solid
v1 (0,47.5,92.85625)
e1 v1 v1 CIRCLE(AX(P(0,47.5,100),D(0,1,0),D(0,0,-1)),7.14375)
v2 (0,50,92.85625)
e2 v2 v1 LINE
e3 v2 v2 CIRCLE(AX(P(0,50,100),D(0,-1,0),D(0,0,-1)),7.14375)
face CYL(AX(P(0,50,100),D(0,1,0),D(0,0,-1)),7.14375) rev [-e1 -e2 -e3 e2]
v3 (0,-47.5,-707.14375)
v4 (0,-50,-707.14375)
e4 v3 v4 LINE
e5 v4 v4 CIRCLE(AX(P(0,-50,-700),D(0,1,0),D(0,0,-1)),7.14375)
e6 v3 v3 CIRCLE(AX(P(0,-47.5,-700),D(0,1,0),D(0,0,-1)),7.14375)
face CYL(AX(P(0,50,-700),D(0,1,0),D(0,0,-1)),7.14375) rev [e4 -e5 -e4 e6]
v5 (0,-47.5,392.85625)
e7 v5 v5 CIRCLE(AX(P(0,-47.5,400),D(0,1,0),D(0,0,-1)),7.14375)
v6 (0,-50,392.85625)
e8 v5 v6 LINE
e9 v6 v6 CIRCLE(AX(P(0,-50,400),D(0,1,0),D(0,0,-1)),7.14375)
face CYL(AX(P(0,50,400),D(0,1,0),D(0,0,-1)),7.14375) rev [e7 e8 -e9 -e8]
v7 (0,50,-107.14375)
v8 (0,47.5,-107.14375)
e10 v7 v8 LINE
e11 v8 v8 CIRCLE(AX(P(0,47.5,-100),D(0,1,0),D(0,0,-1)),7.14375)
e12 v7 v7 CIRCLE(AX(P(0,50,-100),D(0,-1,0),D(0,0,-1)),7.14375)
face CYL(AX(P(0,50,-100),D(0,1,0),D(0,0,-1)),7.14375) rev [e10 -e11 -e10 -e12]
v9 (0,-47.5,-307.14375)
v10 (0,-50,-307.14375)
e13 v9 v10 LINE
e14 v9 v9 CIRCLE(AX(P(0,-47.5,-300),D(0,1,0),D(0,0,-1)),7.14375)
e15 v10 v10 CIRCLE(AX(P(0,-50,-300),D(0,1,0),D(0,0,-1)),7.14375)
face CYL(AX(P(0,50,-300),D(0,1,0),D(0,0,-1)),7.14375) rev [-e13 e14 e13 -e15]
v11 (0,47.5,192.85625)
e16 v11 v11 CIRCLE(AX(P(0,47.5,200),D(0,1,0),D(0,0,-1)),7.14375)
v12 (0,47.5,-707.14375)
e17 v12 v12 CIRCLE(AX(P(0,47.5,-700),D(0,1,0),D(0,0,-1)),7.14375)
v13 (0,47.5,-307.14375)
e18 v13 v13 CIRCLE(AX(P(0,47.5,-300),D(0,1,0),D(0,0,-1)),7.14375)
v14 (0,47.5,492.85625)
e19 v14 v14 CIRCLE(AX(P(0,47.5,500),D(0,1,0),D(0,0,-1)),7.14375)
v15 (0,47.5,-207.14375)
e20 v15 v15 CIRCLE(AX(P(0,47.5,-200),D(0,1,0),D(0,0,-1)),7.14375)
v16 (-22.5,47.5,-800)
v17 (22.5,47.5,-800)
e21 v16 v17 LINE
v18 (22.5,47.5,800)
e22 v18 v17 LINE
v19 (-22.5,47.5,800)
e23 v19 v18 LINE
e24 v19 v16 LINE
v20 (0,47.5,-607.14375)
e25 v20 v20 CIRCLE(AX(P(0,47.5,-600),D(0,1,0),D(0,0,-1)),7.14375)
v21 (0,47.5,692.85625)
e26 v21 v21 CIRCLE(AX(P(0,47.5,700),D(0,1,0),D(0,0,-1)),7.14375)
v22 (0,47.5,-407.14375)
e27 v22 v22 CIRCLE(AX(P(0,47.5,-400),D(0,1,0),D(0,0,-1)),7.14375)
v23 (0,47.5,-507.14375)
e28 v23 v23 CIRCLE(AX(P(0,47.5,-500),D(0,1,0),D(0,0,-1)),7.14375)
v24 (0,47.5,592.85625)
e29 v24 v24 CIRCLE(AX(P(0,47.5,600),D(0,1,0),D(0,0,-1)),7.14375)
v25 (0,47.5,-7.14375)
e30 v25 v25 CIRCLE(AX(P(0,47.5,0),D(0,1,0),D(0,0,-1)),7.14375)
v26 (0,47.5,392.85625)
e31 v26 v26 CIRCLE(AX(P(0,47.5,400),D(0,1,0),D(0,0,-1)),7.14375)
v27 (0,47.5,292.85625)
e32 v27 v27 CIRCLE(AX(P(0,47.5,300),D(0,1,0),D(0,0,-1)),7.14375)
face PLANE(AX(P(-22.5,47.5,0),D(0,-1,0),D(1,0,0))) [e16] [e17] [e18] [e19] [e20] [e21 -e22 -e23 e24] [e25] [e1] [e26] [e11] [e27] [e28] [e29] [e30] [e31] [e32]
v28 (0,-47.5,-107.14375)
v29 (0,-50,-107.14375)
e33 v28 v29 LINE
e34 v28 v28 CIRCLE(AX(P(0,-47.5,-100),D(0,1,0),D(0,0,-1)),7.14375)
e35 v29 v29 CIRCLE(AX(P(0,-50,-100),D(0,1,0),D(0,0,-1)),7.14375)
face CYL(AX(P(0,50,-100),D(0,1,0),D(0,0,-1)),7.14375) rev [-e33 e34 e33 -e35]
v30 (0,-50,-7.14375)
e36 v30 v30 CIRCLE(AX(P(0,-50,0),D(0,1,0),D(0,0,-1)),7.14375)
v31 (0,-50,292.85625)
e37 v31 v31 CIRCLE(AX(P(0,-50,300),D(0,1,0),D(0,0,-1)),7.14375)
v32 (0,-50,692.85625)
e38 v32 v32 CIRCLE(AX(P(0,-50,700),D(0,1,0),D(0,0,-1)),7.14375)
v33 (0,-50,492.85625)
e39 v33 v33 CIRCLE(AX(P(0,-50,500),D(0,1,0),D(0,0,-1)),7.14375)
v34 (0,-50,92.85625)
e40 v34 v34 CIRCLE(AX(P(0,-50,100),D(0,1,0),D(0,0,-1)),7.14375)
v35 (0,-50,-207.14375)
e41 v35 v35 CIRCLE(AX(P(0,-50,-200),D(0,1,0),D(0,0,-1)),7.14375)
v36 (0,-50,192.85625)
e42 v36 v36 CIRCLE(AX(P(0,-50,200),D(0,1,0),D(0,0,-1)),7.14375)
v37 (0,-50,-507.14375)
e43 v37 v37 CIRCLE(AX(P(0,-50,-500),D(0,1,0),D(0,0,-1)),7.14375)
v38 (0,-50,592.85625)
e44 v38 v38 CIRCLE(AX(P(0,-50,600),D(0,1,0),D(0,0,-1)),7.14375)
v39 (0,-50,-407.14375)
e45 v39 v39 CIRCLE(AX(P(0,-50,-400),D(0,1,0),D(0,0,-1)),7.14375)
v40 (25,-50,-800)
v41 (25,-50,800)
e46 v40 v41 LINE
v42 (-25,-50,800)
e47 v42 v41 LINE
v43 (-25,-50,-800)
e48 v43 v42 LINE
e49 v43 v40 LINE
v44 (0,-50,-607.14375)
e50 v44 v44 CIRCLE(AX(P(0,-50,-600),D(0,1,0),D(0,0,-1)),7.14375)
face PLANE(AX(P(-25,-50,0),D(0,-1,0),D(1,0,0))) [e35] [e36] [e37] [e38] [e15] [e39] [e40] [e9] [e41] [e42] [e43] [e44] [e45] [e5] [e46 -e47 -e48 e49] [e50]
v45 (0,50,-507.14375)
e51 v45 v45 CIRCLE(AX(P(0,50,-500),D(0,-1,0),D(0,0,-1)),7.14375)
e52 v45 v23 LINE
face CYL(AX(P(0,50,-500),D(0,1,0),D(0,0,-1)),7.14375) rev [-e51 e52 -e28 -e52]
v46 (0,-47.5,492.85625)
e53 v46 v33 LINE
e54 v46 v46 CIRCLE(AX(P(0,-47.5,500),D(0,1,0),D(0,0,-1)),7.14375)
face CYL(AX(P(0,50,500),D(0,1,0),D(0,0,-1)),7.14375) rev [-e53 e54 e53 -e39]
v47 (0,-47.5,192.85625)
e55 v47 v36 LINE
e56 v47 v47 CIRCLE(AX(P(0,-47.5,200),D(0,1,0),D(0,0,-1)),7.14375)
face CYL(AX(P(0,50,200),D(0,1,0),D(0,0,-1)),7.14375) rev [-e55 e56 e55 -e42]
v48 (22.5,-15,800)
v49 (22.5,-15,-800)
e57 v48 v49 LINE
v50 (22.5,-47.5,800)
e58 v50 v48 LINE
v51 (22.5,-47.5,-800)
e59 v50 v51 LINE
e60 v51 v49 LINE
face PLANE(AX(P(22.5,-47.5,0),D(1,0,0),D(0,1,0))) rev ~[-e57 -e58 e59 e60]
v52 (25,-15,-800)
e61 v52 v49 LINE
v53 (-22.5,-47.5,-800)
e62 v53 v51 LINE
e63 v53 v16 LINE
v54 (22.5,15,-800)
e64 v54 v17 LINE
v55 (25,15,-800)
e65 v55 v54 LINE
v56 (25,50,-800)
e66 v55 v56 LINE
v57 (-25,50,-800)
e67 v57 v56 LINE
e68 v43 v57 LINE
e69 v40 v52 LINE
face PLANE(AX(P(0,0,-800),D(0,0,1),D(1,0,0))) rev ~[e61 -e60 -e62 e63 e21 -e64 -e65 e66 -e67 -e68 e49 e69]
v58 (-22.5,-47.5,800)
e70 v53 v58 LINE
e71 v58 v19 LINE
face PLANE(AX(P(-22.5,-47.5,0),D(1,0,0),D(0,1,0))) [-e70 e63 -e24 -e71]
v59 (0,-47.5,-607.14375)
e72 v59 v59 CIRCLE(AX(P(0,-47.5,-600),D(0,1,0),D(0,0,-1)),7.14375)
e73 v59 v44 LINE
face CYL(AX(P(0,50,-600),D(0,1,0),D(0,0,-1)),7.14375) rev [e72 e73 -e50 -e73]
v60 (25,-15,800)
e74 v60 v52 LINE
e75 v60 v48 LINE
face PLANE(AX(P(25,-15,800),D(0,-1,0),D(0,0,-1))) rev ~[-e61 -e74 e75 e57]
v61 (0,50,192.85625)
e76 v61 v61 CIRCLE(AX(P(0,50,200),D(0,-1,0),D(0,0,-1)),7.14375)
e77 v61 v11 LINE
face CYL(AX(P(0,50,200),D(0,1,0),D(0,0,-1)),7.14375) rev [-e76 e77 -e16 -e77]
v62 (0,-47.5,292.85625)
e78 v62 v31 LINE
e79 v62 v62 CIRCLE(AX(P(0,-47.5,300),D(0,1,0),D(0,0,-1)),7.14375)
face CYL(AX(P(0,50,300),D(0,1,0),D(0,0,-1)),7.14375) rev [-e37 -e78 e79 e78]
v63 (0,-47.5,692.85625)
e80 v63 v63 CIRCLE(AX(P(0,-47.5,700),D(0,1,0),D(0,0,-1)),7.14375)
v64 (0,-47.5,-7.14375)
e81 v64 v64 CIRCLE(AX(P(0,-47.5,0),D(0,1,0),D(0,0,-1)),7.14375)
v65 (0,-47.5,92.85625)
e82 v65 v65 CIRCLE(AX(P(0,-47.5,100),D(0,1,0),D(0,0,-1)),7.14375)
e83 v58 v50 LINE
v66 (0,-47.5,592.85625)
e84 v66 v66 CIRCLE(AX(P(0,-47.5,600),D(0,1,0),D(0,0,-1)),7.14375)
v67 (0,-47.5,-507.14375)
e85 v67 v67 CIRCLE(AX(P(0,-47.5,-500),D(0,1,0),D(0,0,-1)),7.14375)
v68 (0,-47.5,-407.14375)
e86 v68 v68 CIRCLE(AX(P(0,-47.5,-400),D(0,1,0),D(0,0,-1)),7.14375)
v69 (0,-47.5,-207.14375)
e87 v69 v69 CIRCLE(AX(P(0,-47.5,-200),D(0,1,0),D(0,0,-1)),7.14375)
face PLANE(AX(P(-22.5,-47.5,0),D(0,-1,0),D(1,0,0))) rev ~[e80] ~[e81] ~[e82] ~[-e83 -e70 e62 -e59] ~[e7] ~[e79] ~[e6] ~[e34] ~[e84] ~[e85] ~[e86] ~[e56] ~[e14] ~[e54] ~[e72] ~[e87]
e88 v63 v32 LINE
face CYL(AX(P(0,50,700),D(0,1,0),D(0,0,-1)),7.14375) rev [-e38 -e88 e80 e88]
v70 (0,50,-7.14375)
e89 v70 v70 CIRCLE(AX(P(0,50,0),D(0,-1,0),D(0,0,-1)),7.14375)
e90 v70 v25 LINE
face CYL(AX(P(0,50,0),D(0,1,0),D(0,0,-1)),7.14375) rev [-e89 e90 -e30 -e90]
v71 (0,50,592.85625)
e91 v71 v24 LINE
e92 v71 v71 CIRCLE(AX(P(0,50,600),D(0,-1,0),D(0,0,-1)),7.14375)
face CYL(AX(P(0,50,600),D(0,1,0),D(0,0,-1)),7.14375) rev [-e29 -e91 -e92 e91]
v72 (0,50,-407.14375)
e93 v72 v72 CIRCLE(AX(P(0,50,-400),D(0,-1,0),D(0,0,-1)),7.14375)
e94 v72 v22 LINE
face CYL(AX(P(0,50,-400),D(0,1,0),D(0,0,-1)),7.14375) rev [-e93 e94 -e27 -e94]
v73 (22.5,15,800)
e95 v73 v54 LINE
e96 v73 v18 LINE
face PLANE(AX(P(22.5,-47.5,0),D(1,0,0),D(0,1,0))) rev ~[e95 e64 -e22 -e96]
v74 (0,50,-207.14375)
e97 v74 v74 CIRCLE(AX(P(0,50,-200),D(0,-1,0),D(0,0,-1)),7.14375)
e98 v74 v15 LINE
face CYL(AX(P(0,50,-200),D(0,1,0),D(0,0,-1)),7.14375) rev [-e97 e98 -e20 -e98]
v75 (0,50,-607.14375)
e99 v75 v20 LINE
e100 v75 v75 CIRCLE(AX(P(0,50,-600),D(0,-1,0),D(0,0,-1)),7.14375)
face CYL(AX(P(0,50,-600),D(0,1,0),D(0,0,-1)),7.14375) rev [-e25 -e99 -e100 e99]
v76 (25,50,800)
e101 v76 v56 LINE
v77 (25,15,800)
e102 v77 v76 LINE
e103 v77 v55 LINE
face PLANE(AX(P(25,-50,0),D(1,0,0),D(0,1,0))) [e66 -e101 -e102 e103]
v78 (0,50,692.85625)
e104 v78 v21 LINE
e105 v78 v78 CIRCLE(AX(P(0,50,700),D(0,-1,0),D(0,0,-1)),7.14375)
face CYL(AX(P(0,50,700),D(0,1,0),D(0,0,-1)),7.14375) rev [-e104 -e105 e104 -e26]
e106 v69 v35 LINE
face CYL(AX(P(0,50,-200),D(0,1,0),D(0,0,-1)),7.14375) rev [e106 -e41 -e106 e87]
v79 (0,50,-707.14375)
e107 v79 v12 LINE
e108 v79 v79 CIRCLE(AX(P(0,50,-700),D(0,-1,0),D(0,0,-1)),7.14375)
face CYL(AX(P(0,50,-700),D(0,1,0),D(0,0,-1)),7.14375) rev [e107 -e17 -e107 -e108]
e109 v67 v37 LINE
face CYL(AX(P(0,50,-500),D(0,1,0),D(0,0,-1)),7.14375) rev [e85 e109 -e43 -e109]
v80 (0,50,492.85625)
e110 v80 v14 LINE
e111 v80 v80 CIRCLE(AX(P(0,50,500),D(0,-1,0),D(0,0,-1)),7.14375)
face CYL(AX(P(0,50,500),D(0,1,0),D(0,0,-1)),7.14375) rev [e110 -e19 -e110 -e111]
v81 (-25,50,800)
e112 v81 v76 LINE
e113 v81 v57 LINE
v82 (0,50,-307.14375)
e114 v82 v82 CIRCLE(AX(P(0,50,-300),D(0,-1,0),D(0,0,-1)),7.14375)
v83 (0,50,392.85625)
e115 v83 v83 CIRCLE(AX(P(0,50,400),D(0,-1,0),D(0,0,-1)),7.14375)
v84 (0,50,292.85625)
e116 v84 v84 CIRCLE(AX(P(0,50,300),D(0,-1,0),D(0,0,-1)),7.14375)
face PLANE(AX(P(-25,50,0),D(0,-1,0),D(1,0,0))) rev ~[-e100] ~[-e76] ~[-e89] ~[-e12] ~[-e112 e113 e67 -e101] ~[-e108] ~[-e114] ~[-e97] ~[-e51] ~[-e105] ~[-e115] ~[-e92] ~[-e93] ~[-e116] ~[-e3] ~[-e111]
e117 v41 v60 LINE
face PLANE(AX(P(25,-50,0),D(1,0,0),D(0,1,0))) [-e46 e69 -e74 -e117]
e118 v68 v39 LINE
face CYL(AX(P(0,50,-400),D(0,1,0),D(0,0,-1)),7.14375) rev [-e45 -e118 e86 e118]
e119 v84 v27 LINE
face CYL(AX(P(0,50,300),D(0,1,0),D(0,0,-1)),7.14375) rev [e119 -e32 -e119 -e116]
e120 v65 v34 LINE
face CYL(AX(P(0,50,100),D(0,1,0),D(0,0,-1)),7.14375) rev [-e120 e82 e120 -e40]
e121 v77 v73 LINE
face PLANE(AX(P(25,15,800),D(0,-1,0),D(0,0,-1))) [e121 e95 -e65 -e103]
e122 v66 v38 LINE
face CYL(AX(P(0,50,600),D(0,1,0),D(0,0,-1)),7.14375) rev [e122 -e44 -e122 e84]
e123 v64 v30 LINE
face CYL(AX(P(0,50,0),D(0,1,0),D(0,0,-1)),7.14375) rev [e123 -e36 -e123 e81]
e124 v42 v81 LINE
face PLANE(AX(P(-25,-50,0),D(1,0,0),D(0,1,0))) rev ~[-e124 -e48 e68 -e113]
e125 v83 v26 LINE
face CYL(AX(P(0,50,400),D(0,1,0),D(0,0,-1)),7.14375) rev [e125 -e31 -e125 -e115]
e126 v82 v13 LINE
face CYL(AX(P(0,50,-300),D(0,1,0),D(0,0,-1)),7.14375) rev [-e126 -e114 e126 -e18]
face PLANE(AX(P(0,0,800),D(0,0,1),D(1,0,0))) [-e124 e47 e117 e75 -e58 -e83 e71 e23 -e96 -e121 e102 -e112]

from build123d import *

# Parameters (mm, degrees)
CROQUIS1_W              = 50
CROQUIS1_H              = 100
CROQUIS1_W_2            = 45
CROQUIS1_H_2            = 95
SALIENTE_EXTRUIR1_DEPTH = 800
CROQUIS2_W              = 1600
CROQUIS2_H              = 30
CORTAR_EXTRUIR1_DEPTH   = 5
CROQUIS8_R              = 7.14375
CORTAR_EXTRUIR2_DEPTH   = 130


with BuildPart() as part:
    # Croquis1 → Saliente-Extruir1 (new, symmetric)
    with BuildSketch(Plane.XY):
        Rectangle(CROQUIS1_W, CROQUIS1_H)
        Rectangle(CROQUIS1_W_2, CROQUIS1_H_2, mode=Mode.SUBTRACT)
    extrude(amount=SALIENTE_EXTRUIR1_DEPTH, both=True)

    # Croquis2 → Cortar-Extruir1 (cut)
    with BuildSketch(Plane(origin=(25, 0, 0), x_dir=(0, 0, -1), z_dir=(1, 0, 0))):
        Rectangle(CROQUIS2_W, CROQUIS2_H)
    extrude(amount=-CORTAR_EXTRUIR1_DEPTH, mode=Mode.SUBTRACT)

    # Croquis8 → Cortar-Extruir2 (cut)
    with BuildSketch(Plane(origin=(25, 50, 0), x_dir=(0, 0, 1), z_dir=(0, -1, 0))):
        with Locations(Location((0, 25, 0), (0, 0, 180))):
            Circle(CROQUIS8_R)
        with Locations(Location((100, 25, 0), (0, 0, 180))):
            Circle(CROQUIS8_R)
        with Locations(Location((200, 25, 0), (0, 0, 180))):
            Circle(CROQUIS8_R)
        with Locations(Location((300, 25, 0), (0, 0, 180))):
            Circle(CROQUIS8_R)
        with Locations(Location((400, 25, 0), (0, 0, 180))):
            Circle(CROQUIS8_R)
        with Locations(Location((500, 25, 0), (0, 0, 180))):
            Circle(CROQUIS8_R)
        with Locations(Location((600, 25, 0), (0, 0, 180))):
            Circle(CROQUIS8_R)
        with Locations(Location((700, 25, 0), (0, 0, 180))):
            Circle(CROQUIS8_R)
        with Locations(Location((-100, 25, 0), (0, 0, 180))):
            Circle(CROQUIS8_R)
        with Locations(Location((-200, 25, 0), (0, 0, 180))):
            Circle(CROQUIS8_R)
        with Locations(Location((-300, 25, 0), (0, 0, 180))):
            Circle(CROQUIS8_R)
        with Locations(Location((-400, 25, 0), (0, 0, 180))):
            Circle(CROQUIS8_R)
        with Locations(Location((-500, 25, 0), (0, 0, 180))):
            Circle(CROQUIS8_R)
        with Locations(Location((-600, 25, 0), (0, 0, 180))):
            Circle(CROQUIS8_R)
        with Locations(Location((-700, 25, 0), (0, 0, 180))):
            Circle(CROQUIS8_R)
    extrude(amount=CORTAR_EXTRUIR2_DEPTH, mode=Mode.SUBTRACT)


solid = part.part
